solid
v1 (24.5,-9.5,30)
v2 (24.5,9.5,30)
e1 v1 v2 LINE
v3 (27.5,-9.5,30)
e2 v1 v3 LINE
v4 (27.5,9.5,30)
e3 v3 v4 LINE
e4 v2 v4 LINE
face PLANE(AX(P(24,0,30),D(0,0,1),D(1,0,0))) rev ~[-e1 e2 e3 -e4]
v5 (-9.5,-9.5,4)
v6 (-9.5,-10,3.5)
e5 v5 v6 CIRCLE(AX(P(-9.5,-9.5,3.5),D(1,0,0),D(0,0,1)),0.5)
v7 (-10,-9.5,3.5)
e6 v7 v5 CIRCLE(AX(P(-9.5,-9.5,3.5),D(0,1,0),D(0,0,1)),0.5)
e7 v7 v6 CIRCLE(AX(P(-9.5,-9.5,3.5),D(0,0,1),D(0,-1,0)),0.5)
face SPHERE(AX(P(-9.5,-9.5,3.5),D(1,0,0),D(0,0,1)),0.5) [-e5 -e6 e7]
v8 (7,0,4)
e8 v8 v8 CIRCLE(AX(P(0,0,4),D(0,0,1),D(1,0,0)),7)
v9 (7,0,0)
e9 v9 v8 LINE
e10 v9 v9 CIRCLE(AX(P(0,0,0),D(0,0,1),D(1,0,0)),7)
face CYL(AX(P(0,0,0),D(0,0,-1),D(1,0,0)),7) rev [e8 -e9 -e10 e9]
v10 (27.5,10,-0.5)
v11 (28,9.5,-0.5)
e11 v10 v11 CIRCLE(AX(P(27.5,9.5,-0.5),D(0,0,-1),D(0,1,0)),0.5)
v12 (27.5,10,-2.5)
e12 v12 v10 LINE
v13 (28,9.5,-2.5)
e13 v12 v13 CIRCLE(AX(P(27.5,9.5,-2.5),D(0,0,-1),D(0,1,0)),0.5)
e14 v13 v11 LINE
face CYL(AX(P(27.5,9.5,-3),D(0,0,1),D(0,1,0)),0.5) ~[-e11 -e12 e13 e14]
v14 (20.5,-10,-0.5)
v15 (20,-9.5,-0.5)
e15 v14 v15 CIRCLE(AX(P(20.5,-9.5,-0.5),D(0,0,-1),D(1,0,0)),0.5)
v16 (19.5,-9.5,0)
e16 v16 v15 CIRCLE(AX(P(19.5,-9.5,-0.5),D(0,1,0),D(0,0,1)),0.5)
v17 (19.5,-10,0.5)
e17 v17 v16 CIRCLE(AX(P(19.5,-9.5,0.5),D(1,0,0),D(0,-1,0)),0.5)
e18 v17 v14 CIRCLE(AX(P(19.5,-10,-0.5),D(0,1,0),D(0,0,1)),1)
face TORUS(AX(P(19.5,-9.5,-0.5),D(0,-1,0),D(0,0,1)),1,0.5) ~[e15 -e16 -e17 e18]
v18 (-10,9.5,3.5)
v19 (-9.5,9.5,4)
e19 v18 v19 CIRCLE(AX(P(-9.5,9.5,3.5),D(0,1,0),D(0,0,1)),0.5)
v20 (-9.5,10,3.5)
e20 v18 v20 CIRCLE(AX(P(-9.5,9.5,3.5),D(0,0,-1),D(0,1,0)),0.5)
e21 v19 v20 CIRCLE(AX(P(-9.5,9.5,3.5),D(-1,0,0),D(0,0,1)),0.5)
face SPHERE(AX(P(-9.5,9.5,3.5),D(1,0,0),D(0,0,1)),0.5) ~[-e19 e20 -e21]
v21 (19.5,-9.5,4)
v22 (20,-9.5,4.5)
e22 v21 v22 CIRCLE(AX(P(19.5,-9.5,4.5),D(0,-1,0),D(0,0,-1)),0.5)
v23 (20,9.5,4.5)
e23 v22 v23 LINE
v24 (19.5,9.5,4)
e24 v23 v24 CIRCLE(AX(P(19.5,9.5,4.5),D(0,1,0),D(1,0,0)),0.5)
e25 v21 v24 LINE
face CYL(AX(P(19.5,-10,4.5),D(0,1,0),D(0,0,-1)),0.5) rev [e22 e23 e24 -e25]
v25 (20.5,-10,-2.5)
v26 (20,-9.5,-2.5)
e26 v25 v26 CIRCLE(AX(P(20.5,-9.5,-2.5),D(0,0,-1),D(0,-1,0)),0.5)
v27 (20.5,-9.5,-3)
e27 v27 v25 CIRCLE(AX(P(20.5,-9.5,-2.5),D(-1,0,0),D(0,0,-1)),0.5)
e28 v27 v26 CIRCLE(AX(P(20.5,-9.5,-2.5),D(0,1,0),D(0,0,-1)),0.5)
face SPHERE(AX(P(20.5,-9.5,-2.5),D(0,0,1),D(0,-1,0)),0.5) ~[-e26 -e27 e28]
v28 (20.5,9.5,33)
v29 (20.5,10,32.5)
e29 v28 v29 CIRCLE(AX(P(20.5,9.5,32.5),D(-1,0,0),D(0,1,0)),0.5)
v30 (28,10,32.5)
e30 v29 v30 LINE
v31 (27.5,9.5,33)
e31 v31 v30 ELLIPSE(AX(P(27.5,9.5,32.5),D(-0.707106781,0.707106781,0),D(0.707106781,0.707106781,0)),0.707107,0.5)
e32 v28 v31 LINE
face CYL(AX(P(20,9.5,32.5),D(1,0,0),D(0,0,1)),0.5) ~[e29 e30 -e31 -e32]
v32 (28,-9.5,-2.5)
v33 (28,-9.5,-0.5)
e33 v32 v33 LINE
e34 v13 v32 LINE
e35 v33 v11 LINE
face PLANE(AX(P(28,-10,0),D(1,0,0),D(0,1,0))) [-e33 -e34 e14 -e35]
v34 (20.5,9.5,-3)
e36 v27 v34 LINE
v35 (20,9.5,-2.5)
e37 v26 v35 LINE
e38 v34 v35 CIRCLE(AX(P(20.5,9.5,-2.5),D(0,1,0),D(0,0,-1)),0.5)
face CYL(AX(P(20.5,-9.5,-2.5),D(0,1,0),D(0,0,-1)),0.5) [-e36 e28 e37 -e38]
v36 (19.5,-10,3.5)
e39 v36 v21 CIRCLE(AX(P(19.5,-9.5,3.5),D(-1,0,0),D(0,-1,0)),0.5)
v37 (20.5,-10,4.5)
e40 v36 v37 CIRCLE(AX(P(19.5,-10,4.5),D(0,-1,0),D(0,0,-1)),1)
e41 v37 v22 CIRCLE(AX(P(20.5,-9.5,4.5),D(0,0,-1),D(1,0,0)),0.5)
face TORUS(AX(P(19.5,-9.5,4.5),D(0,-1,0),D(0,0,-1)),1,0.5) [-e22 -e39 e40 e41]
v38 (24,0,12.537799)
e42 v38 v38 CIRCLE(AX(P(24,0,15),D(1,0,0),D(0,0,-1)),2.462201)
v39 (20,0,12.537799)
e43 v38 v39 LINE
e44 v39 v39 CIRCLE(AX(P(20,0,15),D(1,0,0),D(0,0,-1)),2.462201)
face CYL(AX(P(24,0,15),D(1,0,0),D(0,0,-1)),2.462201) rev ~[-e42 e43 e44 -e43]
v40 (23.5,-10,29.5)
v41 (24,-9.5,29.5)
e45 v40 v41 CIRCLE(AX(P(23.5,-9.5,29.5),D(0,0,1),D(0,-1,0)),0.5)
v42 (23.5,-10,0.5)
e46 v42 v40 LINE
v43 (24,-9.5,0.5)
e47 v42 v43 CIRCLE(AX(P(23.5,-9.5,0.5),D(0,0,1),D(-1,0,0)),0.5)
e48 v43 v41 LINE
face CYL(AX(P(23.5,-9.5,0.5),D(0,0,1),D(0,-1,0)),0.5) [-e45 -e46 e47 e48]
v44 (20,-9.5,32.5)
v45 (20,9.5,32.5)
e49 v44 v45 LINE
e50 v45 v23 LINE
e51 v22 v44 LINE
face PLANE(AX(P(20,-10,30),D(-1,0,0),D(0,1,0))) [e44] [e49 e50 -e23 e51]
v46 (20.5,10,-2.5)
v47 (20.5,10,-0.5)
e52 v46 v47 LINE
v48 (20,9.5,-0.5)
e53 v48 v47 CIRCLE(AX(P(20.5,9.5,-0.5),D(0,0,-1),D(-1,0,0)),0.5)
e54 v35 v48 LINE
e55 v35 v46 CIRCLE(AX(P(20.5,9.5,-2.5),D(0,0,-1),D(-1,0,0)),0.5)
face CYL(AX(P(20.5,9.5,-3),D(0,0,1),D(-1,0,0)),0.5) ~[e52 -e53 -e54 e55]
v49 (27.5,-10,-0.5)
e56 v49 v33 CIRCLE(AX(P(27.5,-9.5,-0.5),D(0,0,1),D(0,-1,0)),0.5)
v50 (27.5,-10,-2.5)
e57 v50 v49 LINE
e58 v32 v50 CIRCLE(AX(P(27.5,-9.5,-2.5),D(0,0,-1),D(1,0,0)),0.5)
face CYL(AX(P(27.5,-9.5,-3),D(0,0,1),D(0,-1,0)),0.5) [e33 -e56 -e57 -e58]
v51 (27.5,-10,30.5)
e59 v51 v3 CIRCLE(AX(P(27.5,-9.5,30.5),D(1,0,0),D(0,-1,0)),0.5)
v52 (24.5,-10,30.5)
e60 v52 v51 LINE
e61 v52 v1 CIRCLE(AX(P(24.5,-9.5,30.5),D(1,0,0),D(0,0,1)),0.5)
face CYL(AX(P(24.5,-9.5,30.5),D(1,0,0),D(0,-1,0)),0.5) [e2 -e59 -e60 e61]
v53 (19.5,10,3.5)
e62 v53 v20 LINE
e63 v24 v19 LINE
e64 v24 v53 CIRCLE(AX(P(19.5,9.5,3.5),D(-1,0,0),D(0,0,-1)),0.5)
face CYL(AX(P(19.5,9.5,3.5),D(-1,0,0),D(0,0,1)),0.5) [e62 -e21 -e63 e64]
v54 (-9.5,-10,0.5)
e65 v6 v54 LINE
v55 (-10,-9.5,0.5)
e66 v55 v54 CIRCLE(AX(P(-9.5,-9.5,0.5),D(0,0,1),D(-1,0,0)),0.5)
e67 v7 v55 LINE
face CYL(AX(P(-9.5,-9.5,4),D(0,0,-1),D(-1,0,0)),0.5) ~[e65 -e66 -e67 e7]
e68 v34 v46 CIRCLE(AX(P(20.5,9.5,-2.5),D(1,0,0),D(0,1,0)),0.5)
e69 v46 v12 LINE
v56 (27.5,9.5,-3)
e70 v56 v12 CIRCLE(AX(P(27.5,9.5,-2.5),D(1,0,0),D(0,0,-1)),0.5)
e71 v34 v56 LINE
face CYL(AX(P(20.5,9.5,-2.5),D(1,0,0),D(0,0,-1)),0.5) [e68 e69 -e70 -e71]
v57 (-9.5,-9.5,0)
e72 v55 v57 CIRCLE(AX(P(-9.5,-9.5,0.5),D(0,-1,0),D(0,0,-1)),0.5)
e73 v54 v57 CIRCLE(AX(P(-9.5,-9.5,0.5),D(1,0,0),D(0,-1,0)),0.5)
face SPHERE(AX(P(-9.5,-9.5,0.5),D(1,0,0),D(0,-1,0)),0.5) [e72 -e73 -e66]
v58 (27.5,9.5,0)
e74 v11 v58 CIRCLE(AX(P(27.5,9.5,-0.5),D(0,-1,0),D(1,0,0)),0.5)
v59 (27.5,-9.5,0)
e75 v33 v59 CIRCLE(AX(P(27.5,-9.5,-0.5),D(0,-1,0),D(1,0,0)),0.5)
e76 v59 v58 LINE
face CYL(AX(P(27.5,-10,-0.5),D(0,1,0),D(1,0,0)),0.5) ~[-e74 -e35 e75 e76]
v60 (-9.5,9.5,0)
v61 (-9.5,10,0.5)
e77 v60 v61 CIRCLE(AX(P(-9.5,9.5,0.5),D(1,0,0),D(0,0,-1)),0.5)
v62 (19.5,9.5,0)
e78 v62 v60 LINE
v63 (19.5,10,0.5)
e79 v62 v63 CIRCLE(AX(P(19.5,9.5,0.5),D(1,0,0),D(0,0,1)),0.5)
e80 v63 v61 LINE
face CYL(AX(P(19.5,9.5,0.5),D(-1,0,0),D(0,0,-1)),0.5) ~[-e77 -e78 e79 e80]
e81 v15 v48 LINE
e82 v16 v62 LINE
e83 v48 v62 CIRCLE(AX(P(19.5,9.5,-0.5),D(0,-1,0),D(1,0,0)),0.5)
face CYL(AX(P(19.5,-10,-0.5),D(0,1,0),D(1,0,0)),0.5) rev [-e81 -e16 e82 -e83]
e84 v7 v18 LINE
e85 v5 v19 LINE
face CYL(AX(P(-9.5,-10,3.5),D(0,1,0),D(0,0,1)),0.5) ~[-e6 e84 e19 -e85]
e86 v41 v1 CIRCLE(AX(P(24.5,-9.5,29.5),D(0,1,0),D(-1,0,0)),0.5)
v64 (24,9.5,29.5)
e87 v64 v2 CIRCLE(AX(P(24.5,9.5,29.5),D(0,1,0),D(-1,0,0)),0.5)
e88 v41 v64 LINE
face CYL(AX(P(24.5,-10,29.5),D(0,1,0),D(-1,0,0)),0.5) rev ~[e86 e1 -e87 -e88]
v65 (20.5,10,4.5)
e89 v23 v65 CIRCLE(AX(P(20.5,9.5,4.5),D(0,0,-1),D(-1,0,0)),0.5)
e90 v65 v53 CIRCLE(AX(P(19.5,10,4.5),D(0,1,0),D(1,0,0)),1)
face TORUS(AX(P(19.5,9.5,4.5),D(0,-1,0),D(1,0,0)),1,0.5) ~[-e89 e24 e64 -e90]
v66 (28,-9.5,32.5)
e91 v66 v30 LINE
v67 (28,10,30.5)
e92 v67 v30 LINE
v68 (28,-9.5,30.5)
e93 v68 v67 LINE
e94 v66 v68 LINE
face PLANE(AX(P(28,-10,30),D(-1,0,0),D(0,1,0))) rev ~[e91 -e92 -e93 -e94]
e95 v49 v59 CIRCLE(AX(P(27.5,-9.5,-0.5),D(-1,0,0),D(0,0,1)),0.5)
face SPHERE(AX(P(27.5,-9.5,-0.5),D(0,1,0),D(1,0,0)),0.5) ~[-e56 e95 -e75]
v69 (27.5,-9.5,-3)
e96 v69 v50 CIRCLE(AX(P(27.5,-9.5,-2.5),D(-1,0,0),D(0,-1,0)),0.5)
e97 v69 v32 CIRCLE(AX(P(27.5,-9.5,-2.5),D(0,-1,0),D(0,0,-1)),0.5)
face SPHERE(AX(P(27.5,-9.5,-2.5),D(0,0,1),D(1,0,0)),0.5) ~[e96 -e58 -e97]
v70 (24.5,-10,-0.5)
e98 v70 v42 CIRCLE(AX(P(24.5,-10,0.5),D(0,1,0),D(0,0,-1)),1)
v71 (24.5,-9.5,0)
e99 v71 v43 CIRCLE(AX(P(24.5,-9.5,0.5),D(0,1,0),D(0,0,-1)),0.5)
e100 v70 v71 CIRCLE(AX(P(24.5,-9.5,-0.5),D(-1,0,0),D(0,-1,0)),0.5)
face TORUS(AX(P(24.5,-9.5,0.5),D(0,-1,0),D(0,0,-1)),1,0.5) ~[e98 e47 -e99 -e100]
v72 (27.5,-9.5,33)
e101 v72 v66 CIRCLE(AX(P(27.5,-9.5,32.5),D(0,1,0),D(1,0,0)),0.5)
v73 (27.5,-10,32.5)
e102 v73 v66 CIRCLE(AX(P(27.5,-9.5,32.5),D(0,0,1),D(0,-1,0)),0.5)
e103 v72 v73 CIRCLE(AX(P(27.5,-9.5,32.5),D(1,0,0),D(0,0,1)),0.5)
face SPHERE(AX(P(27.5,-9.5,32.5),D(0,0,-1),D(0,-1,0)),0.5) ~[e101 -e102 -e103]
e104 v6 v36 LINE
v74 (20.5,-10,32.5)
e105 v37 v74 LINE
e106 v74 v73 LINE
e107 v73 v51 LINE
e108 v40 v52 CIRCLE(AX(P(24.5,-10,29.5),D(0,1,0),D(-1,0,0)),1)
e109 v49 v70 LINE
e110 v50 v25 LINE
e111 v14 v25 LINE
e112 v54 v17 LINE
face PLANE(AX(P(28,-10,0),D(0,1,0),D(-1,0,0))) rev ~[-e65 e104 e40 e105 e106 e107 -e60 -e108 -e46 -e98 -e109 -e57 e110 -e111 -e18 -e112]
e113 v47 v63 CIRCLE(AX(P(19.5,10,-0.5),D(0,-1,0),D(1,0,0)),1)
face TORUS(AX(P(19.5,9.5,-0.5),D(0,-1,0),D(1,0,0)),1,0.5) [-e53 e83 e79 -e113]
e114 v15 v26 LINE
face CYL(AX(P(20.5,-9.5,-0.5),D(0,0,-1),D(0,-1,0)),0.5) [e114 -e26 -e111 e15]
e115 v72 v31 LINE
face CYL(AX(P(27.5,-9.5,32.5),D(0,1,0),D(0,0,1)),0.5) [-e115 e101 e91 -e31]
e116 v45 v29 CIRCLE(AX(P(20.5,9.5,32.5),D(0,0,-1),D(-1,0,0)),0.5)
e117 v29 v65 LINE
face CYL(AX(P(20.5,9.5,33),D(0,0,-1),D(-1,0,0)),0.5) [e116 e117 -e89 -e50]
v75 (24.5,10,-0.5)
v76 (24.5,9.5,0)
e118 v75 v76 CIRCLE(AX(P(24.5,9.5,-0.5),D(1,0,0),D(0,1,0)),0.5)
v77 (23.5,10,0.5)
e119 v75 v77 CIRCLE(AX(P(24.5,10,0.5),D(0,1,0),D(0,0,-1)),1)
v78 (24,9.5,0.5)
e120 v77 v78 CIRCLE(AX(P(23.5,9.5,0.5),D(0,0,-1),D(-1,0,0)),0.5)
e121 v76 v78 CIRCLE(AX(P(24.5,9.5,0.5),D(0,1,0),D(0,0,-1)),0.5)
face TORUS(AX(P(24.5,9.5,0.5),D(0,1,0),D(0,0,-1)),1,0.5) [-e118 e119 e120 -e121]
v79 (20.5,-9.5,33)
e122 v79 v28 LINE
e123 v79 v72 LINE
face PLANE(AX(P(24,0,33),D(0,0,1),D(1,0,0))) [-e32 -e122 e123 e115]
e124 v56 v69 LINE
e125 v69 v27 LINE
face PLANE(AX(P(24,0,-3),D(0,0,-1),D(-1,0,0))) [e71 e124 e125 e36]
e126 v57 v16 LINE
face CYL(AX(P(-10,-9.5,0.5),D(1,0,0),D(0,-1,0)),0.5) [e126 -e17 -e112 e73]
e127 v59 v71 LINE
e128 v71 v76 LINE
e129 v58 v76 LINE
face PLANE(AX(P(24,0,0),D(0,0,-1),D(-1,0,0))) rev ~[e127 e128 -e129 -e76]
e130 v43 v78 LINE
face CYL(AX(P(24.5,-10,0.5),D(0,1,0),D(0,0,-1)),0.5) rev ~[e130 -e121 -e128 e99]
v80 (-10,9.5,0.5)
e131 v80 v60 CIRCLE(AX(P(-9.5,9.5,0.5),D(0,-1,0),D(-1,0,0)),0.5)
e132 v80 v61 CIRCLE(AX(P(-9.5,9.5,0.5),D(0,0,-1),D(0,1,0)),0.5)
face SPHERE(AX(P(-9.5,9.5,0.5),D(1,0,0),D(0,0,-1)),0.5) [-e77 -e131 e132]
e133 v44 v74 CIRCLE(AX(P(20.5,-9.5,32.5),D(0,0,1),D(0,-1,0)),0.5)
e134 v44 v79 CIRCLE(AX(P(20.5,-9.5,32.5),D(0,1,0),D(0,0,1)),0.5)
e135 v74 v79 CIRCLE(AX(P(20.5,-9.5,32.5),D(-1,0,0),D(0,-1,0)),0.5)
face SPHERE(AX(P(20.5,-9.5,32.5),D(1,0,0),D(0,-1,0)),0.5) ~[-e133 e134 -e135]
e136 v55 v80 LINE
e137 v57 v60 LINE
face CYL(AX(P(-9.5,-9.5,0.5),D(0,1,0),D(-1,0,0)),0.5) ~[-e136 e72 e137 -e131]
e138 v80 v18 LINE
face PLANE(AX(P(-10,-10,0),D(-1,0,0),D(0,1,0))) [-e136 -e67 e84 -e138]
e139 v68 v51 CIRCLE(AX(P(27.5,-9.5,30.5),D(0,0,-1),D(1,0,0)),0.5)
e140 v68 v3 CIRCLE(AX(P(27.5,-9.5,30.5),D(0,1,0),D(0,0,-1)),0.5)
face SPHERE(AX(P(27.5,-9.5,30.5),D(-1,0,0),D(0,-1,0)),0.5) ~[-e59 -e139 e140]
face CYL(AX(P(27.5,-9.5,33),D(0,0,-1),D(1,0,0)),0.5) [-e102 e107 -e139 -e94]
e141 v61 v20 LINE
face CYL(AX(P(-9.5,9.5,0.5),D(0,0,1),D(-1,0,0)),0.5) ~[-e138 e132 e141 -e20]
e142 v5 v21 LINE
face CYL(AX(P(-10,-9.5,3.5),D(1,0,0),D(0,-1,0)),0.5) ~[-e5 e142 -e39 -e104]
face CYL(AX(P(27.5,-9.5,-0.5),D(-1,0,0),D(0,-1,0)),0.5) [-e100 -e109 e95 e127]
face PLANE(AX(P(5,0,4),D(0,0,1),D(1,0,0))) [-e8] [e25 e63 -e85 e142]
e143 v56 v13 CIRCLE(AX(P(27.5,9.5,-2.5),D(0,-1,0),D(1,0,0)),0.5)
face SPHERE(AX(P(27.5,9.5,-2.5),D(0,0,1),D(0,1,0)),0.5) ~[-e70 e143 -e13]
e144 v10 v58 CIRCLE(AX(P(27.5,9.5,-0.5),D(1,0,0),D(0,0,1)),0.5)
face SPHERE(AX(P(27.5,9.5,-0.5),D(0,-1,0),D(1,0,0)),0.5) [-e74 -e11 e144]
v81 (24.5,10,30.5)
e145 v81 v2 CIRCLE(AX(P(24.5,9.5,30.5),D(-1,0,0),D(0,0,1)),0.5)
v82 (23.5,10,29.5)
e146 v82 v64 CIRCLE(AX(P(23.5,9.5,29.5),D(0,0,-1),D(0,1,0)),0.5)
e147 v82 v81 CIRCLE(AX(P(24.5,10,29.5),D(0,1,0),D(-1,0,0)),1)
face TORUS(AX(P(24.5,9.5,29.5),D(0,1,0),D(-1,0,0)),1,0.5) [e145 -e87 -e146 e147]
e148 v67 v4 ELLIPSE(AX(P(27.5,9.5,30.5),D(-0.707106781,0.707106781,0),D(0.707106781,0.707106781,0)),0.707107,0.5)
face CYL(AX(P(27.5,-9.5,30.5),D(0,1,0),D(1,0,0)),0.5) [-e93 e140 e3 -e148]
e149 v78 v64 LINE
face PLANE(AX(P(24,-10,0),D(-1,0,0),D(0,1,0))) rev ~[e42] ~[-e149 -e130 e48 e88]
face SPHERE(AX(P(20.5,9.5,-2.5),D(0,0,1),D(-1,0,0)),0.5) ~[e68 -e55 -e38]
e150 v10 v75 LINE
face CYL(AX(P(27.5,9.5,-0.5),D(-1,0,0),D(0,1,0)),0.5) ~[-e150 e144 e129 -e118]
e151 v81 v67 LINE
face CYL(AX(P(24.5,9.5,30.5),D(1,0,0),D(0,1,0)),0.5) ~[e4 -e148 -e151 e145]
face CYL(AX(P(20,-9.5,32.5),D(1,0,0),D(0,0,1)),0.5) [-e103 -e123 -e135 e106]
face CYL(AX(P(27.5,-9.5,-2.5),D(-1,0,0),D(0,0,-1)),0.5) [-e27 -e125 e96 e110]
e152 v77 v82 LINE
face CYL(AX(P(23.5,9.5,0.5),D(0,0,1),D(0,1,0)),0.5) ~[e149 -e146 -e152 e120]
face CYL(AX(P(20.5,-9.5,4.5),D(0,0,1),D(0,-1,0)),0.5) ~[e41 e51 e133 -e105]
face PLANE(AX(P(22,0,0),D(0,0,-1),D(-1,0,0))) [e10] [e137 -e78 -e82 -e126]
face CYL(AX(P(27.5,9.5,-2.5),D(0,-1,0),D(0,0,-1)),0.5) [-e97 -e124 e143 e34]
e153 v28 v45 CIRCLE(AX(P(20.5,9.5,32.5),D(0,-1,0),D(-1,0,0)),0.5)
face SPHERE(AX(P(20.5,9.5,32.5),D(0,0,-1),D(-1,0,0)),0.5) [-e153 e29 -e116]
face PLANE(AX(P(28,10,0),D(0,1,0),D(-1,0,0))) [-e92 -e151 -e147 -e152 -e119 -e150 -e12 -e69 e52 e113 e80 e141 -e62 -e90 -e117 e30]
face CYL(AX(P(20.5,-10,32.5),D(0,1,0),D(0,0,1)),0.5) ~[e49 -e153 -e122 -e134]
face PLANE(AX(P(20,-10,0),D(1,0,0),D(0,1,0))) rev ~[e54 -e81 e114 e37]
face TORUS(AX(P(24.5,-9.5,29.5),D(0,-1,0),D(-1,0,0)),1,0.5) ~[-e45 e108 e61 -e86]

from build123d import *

# Parameters (mm, degrees)
SCHIZZO1_W                   = 30
SCHIZZO1_H                   = 20
SCHIZZO1_R                   = 7
ESTRUSIONE_ESTRUSIONE1_DEPTH = 4
SCHIZZO2_W                   = 4
SCHIZZO2_H                   = 20
ESTRUSIONE_ESTRUSIONE2_DEPTH = 30
SCHIZZO3_W                   = 8
SCHIZZO3_H                   = 20
ESTRUSIONE_ESTRUSIONE3_DEPTH = 3
SCHIZZO4_W                   = 8
SCHIZZO4_H                   = 20
ESTRUSIONE_ESTRUSIONE4_DEPTH = 3
RACCORDO1_R                  = 0.5
RACCORDO2_R                  = 0.5
RACCORDO3_R                  = 0.5
RACCORDO4_R                  = 0.5
RACCORDO5_R                  = 0.5
SCHIZZO5_R                   = 2.462201362
TAGLIO_ESTRUSIONE1_DEPTH     = 5


with BuildPart() as part:
    # Schizzo1 → Estrusione-Estrusione1 (new body)
    with BuildSketch(Plane.XY):
        with Locations((5, 0)):
            Rectangle(SCHIZZO1_W, SCHIZZO1_H)
        Circle(SCHIZZO1_R, mode=Mode.SUBTRACT)
    extrude(amount=ESTRUSIONE_ESTRUSIONE1_DEPTH)

    # Schizzo2 → Estrusione-Estrusione2 (add)
    with BuildSketch(Plane(origin=(0, 0, 0), x_dir=(-1, 0, 0), z_dir=(0, 0, -1))):
        with Locations((-22, 0)):
            Rectangle(SCHIZZO2_W, SCHIZZO2_H)
    extrude(amount=-ESTRUSIONE_ESTRUSIONE2_DEPTH)

    # Schizzo3 → Estrusione-Estrusione3 (add)
    with BuildSketch(Plane.XY.offset(30)):
        with Locations((24, 0)):
            Rectangle(SCHIZZO3_W, SCHIZZO3_H)
    extrude(amount=ESTRUSIONE_ESTRUSIONE3_DEPTH)

    # Schizzo4 → Estrusione-Estrusione4 (add)
    with BuildSketch(Plane(origin=(0, 0, 0), x_dir=(-1, 0, 0), z_dir=(0, 0, -1))):
        with Locations((-24, 0)):
            Rectangle(SCHIZZO4_W, SCHIZZO4_H)
    extrude(amount=ESTRUSIONE_ESTRUSIONE4_DEPTH)

    # Raccordo1
    raccordo1_edges = [part.edges().sort_by_distance(p)[0] for p in [
        (20, 0, 4),
        (24, 0, 30),
        (24, 0, 0),
        (20, 0, 0),
    ]]
    fillet(raccordo1_edges, radius=RACCORDO1_R)

    # Raccordo2
    raccordo2_edges = [part.edges().sort_by_distance(p)[0] for p in [
        (4.75, -10, 0),
        (20, -10, -1.75),
        (4.75, 10, 0),
        (19.853553391, 10, -0.146446609),
        (19.853553391, -10, -0.146446609),
        (28, 0, 0),
        (20, 10, -1.75),
    ]]
    fillet(raccordo2_edges, radius=RACCORDO2_R)

    # Raccordo3
    raccordo3_edges = [part.edges().sort_by_distance(p)[0] for p in [
        (26.25, -10, 30),
        (24, -10, 15),
        (28, -10, -1.75),
        (27.853553391, -10, -0.146446609),
        (24.146446609, -10, 29.853553391),
        (24.146446609, -10, 0.146446609),
        (26, -10, 0),
    ]]
    fillet(raccordo3_edges, radius=RACCORDO3_R)

    # Raccordo4
    raccordo4_edges = [part.edges().sort_by_distance(p)[0] for p in [
        (28, 0.25, 30),
        (28, -9.853553391, 30.146446609),
        (28, -10, 31.75),
        (26.25, 10, 30),
        (24, 10, 15),
        (28, 10, -1.75),
        (27.853553391, 10, -0.146446609),
        (24.146446609, 10, 29.853553391),
        (24.146446609, 10, 0.146446609),
        (26, 10, 0),
    ]]
    fillet(raccordo4_edges, radius=RACCORDO4_R)

    # Raccordo5
    raccordo5_edges = [part.edges().sort_by_distance(p)[0] for p in [
        (20, 0, -3),
        (20.146446609, -9.853553391, -3),
        (20.146446609, 9.853553391, -3),
        (24, -10, -3),
        (27.853553391, -9.853553391, -3),
        (28, 0.25, 33),
        (28, 0, -3),
        (27.853553391, 9.853553391, -3),
        (27.853553391, -9.853553391, 33),
        (20, 10, 18.75),
        (20, -10, 18.75),
        (20, 0, 33),
        (23.75, -10, 33),
        (24, 10, 33),
        (-10, 0, 4),
        (4.75, 10, 4),
        (19.853553391, 10, 4.146446609),
        (19.853553391, -10, 4.146446609),
        (-10, 10, 2.25),
        (-10, -10, 2.25),
        (4.75, -10, 4),
        (24, 10, -3),
        (-10, 0, 0),
        (-10, -9.853553391, 0.146446609),
        (-10, 9.853553391, 0.146446609),
    ]]
    fillet(raccordo5_edges, radius=RACCORDO5_R)

    # Schizzo5 → Taglio-Estrusione1 (cut)
    with BuildSketch(Plane(origin=(24, 0, 0), x_dir=(0, 0, -1), z_dir=(1, 0, 0))):
        with Locations((-15, 0)):
            Circle(SCHIZZO5_R)
    extrude(amount=-TAGLIO_ESTRUSIONE1_DEPTH, mode=Mode.SUBTRACT)


solid = part.part
